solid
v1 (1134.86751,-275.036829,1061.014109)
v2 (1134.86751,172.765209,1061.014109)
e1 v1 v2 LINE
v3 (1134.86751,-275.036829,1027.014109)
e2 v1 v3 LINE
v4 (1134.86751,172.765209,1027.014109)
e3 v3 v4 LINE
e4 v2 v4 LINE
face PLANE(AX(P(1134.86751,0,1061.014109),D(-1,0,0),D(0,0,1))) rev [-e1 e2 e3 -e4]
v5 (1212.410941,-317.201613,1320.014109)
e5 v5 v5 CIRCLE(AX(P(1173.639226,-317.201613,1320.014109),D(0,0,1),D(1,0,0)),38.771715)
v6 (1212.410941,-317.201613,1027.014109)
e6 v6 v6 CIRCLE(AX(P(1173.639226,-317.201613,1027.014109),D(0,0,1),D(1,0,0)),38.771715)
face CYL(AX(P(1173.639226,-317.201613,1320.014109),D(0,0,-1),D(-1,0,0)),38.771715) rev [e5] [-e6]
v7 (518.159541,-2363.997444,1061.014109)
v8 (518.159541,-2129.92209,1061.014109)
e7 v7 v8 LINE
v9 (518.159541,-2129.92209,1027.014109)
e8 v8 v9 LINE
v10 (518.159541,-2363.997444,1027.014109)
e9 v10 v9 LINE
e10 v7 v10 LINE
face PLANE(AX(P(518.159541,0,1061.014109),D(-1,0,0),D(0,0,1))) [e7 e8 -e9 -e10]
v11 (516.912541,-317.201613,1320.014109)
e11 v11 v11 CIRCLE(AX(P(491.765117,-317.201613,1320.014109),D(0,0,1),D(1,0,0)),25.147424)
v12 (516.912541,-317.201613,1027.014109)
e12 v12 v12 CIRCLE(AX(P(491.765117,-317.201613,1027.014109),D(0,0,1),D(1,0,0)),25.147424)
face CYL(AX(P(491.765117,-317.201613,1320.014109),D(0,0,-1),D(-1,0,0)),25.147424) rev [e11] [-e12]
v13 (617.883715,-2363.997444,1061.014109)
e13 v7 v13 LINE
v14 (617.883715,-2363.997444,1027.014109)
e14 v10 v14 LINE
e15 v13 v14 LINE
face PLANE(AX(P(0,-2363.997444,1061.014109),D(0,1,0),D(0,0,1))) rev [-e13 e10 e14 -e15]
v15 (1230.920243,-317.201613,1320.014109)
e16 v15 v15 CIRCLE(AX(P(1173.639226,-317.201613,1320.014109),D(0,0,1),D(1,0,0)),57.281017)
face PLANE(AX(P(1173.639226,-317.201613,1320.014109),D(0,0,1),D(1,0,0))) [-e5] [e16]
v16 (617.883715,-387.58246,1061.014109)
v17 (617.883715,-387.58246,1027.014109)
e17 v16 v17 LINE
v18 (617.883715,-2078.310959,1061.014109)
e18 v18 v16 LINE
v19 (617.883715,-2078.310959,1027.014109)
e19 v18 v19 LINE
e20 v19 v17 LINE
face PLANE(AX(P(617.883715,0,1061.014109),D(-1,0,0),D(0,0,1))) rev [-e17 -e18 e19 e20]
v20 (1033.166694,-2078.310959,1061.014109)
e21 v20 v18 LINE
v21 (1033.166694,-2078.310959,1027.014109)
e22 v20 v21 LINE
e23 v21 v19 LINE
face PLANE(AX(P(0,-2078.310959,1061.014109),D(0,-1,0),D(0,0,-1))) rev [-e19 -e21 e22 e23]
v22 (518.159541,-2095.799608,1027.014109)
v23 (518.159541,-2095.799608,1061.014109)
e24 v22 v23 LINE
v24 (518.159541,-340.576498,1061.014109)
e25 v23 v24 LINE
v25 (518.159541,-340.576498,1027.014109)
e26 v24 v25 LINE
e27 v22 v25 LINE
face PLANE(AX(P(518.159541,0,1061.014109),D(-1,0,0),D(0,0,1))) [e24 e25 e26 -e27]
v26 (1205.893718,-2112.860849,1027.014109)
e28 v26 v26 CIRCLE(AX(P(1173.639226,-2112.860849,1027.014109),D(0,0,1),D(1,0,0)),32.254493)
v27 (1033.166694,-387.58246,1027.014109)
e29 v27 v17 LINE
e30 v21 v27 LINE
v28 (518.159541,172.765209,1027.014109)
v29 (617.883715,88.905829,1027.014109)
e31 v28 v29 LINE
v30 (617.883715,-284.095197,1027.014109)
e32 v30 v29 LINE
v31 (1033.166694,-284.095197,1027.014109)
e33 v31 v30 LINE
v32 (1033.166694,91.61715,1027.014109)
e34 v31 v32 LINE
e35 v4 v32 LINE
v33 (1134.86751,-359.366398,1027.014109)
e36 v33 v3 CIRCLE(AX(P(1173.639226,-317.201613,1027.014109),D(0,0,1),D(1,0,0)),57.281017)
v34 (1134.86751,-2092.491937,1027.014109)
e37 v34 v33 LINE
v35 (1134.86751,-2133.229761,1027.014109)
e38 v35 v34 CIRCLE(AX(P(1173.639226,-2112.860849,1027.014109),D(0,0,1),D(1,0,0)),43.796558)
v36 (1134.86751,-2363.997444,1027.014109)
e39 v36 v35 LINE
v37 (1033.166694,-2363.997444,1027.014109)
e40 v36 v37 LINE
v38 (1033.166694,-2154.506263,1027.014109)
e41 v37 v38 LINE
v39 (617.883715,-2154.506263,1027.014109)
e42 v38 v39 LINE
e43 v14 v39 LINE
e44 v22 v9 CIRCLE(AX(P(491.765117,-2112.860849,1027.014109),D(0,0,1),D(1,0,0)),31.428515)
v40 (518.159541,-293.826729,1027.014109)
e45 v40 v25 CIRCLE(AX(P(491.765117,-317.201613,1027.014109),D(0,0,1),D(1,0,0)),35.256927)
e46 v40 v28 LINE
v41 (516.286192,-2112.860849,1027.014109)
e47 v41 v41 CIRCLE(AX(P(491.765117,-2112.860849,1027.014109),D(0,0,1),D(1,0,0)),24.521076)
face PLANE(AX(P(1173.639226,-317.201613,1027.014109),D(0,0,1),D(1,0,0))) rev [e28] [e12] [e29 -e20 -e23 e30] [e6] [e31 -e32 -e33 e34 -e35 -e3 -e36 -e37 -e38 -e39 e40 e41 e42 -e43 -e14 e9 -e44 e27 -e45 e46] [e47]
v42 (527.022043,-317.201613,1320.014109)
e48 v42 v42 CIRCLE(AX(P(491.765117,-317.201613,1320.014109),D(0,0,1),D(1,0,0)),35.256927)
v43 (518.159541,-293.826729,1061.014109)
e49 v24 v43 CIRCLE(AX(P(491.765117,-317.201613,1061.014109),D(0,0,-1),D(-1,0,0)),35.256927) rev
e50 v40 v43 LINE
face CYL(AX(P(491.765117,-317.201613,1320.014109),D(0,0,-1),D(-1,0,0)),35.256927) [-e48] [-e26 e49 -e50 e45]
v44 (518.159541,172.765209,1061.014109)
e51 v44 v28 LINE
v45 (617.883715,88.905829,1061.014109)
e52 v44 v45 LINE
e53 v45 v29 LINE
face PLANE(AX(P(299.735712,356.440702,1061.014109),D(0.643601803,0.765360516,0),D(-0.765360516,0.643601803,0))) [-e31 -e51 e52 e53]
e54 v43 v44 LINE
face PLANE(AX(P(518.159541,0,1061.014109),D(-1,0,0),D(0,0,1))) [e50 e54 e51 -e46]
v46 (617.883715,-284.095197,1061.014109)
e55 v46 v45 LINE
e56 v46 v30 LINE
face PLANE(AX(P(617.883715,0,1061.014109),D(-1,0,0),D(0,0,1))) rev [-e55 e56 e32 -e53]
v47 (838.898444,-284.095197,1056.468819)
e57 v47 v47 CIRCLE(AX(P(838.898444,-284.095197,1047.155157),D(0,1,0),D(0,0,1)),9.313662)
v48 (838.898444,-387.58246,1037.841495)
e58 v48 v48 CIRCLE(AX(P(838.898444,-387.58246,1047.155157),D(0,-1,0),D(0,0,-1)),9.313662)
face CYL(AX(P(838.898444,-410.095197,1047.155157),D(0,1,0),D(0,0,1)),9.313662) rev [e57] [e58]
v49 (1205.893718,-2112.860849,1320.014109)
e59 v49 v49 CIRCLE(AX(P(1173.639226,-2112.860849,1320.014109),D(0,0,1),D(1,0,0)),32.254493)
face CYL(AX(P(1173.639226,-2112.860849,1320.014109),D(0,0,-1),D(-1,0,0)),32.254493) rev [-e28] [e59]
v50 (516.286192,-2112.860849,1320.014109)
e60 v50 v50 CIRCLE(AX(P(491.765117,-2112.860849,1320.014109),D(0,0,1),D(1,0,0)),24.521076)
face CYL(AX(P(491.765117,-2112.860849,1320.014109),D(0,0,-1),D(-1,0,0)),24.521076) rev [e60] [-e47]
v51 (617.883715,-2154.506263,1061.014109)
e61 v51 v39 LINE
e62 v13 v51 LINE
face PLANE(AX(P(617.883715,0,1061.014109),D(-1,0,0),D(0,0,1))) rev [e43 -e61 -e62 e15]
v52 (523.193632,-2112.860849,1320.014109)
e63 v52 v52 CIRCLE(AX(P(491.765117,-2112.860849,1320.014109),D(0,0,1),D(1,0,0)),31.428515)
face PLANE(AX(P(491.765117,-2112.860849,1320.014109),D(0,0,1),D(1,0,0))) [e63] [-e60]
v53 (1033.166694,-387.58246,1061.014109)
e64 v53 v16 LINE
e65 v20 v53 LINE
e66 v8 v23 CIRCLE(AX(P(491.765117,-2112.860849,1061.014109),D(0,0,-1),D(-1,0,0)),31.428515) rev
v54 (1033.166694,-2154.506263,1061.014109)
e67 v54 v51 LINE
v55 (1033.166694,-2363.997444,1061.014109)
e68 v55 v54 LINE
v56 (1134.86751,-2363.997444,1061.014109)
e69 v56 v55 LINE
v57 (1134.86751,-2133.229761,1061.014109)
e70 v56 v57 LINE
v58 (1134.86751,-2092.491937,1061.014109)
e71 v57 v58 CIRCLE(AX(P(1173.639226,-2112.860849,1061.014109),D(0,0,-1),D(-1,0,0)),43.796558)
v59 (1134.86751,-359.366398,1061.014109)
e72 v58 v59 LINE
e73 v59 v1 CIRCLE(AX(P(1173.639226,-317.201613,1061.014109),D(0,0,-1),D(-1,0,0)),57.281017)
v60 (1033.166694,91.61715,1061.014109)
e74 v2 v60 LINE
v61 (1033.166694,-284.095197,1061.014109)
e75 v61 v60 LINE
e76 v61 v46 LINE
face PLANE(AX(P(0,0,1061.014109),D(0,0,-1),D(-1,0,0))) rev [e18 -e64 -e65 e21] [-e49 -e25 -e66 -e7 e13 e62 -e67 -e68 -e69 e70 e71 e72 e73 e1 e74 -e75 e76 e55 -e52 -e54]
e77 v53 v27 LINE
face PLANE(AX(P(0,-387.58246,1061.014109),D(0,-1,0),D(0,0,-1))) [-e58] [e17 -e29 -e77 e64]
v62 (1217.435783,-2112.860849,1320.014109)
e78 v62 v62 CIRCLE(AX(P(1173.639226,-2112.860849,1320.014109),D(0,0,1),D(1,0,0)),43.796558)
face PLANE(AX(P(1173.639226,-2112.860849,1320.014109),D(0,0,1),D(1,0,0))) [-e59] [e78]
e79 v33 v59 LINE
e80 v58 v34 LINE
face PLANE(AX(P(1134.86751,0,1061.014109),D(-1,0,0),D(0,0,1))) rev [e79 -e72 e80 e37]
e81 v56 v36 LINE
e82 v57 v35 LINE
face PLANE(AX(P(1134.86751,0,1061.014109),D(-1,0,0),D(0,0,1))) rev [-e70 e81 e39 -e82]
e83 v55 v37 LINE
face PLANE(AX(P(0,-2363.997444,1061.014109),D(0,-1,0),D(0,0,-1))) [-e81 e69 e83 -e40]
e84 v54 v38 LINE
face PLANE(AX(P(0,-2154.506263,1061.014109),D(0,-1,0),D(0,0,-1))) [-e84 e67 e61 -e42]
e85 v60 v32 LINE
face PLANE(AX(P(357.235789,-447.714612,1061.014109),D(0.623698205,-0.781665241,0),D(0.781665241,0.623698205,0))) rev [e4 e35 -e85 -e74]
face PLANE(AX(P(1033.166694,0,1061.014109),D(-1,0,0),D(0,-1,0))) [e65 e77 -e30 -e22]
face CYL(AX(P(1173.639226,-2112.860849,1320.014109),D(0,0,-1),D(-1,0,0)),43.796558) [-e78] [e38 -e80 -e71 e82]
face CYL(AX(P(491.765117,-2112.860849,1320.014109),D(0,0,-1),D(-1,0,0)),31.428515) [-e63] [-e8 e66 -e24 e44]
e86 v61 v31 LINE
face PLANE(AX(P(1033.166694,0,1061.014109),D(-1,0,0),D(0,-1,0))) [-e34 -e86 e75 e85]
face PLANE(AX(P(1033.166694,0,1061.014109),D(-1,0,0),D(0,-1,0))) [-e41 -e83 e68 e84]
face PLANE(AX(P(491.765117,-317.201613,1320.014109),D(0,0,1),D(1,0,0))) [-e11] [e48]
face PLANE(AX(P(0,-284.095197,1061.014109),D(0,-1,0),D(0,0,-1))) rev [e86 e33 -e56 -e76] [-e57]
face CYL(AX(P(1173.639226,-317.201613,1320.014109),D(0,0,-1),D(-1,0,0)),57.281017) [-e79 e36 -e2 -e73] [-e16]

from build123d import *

# Parameters (mm, degrees)
BOSS_EXTRUDE1_START   = 600
SKETCH1_R             = 57.281017464
SKETCH1_R_2           = 38.771715285
BOSS_EXTRUDE1_DEPTH   = 293
SKETCH1_R_3           = 35.256926628
SKETCH1_R_4           = 25.147423748
BOSS_EXTRUDE1_2_DEPTH = 293
SKETCH1_R_5           = 31.428515318
SKETCH1_R_6           = 24.521075722
BOSS_EXTRUDE1_3_DEPTH = 293
SKETCH1_R_7           = 43.796557911
SKETCH1_R_8           = 32.254492843
BOSS_EXTRUDE1_4_DEPTH = 293
SKETCH2_W             = 616.707969139
SKETCH2_H             = 76.195303947
SKETCH2_H_2           = 103.48726304
BOSS_EXTRUDE2_DEPTH   = 34
SKETCH6_R             = 9.313662058
CUT_EXTRUDE3_DEPTH    = 126


with BuildPart() as part:
    # Sketch1 → Boss-Extrude1 (new body)
    with BuildSketch(Plane.XY.offset(427.014108562).offset(BOSS_EXTRUDE1_START)):
        with Locations((1173.639225527, -317.201613393)):
            Circle(SKETCH1_R)
        with Locations((1173.639225527, -317.201613393)):
            Circle(SKETCH1_R_2, mode=Mode.SUBTRACT)
    extrude(amount=BOSS_EXTRUDE1_DEPTH)



with BuildPart() as body_2:
    # Sketch1 → Boss-Extrude1 2 (new body)
    with BuildSketch(Plane.XY.offset(427.014108562).offset(BOSS_EXTRUDE1_START)):
        with Locations((491.765116758, -317.201613393)):
            Circle(SKETCH1_R_3)
        with Locations((491.765116758, -317.201613393)):
            Circle(SKETCH1_R_4, mode=Mode.SUBTRACT)
    extrude(amount=BOSS_EXTRUDE1_2_DEPTH)


with BuildPart() as body_3:
    # Sketch1 → Boss-Extrude1 3 (new body)
    with BuildSketch(Plane.XY.offset(427.014108562).offset(BOSS_EXTRUDE1_START)):
        with Locations((491.765116758, -2112.860849235)):
            Circle(SKETCH1_R_5)
        with Locations((491.765116758, -2112.860849235)):
            Circle(SKETCH1_R_6, mode=Mode.SUBTRACT)
    extrude(amount=BOSS_EXTRUDE1_3_DEPTH)


with BuildPart() as body_4:
    # Sketch1 → Boss-Extrude1 4 (new body)
    with BuildSketch(Plane.XY.offset(427.014108562).offset(BOSS_EXTRUDE1_START)):
        with Locations((1173.639225527, -2112.860849235)):
            Circle(SKETCH1_R_7)
        with Locations((1173.639225527, -2112.860849235)):
            Circle(SKETCH1_R_8, mode=Mode.SUBTRACT)
    extrude(amount=BOSS_EXTRUDE1_4_DEPTH)


with BuildPart() as part_1:
    add(part.part)

    add(body_2.part)  # Boss-Extrude2 merges body 2

    add(body_3.part)  # Boss-Extrude2 merges body 3

    add(body_4.part)  # Boss-Extrude2 merges body 4
    # Sketch2 → Boss-Extrude2 (add)
    with BuildSketch(Plane(origin=(0, 0, 1027.014108562), x_dir=(-1, 0, 0), z_dir=(0, 0, -1))):
        Polygon((-1134.867510242, 91.617150216), (-1134.867510242, 172.765208514), (-1033.166693927, 91.617150216), (-1033.166693927, -2363.997444221), (-1134.867510242, -2363.997444221), align=None)
        Polygon((-518.159541103, -2363.997444221), (-617.883714932, -2363.997444221), (-617.883714932, 88.905828795), (-518.159541103, 172.765208514), (-518.159541103, 88.905828795), align=None)
        with Locations((-826.513525673, -2116.408610896)):
            Rectangle(SKETCH2_W, SKETCH2_H)
        with Locations((-826.513525673, -335.838828239)):
            Rectangle(SKETCH2_W, SKETCH2_H_2)
    extrude(amount=-BOSS_EXTRUDE2_DEPTH)

    # Sketch6 → Cut-Extrude3 (cut)
    with BuildSketch(Plane(origin=(0, -284.095196719, 0), x_dir=(1, 0, 0), z_dir=(0, 1, 0))):
        with Locations(Location((838.898443774, -1047.155157013, 0), (0, 0, 270))):
            Circle(SKETCH6_R)
    extrude(amount=-CUT_EXTRUDE3_DEPTH, mode=Mode.SUBTRACT)


solid = part_1.part
